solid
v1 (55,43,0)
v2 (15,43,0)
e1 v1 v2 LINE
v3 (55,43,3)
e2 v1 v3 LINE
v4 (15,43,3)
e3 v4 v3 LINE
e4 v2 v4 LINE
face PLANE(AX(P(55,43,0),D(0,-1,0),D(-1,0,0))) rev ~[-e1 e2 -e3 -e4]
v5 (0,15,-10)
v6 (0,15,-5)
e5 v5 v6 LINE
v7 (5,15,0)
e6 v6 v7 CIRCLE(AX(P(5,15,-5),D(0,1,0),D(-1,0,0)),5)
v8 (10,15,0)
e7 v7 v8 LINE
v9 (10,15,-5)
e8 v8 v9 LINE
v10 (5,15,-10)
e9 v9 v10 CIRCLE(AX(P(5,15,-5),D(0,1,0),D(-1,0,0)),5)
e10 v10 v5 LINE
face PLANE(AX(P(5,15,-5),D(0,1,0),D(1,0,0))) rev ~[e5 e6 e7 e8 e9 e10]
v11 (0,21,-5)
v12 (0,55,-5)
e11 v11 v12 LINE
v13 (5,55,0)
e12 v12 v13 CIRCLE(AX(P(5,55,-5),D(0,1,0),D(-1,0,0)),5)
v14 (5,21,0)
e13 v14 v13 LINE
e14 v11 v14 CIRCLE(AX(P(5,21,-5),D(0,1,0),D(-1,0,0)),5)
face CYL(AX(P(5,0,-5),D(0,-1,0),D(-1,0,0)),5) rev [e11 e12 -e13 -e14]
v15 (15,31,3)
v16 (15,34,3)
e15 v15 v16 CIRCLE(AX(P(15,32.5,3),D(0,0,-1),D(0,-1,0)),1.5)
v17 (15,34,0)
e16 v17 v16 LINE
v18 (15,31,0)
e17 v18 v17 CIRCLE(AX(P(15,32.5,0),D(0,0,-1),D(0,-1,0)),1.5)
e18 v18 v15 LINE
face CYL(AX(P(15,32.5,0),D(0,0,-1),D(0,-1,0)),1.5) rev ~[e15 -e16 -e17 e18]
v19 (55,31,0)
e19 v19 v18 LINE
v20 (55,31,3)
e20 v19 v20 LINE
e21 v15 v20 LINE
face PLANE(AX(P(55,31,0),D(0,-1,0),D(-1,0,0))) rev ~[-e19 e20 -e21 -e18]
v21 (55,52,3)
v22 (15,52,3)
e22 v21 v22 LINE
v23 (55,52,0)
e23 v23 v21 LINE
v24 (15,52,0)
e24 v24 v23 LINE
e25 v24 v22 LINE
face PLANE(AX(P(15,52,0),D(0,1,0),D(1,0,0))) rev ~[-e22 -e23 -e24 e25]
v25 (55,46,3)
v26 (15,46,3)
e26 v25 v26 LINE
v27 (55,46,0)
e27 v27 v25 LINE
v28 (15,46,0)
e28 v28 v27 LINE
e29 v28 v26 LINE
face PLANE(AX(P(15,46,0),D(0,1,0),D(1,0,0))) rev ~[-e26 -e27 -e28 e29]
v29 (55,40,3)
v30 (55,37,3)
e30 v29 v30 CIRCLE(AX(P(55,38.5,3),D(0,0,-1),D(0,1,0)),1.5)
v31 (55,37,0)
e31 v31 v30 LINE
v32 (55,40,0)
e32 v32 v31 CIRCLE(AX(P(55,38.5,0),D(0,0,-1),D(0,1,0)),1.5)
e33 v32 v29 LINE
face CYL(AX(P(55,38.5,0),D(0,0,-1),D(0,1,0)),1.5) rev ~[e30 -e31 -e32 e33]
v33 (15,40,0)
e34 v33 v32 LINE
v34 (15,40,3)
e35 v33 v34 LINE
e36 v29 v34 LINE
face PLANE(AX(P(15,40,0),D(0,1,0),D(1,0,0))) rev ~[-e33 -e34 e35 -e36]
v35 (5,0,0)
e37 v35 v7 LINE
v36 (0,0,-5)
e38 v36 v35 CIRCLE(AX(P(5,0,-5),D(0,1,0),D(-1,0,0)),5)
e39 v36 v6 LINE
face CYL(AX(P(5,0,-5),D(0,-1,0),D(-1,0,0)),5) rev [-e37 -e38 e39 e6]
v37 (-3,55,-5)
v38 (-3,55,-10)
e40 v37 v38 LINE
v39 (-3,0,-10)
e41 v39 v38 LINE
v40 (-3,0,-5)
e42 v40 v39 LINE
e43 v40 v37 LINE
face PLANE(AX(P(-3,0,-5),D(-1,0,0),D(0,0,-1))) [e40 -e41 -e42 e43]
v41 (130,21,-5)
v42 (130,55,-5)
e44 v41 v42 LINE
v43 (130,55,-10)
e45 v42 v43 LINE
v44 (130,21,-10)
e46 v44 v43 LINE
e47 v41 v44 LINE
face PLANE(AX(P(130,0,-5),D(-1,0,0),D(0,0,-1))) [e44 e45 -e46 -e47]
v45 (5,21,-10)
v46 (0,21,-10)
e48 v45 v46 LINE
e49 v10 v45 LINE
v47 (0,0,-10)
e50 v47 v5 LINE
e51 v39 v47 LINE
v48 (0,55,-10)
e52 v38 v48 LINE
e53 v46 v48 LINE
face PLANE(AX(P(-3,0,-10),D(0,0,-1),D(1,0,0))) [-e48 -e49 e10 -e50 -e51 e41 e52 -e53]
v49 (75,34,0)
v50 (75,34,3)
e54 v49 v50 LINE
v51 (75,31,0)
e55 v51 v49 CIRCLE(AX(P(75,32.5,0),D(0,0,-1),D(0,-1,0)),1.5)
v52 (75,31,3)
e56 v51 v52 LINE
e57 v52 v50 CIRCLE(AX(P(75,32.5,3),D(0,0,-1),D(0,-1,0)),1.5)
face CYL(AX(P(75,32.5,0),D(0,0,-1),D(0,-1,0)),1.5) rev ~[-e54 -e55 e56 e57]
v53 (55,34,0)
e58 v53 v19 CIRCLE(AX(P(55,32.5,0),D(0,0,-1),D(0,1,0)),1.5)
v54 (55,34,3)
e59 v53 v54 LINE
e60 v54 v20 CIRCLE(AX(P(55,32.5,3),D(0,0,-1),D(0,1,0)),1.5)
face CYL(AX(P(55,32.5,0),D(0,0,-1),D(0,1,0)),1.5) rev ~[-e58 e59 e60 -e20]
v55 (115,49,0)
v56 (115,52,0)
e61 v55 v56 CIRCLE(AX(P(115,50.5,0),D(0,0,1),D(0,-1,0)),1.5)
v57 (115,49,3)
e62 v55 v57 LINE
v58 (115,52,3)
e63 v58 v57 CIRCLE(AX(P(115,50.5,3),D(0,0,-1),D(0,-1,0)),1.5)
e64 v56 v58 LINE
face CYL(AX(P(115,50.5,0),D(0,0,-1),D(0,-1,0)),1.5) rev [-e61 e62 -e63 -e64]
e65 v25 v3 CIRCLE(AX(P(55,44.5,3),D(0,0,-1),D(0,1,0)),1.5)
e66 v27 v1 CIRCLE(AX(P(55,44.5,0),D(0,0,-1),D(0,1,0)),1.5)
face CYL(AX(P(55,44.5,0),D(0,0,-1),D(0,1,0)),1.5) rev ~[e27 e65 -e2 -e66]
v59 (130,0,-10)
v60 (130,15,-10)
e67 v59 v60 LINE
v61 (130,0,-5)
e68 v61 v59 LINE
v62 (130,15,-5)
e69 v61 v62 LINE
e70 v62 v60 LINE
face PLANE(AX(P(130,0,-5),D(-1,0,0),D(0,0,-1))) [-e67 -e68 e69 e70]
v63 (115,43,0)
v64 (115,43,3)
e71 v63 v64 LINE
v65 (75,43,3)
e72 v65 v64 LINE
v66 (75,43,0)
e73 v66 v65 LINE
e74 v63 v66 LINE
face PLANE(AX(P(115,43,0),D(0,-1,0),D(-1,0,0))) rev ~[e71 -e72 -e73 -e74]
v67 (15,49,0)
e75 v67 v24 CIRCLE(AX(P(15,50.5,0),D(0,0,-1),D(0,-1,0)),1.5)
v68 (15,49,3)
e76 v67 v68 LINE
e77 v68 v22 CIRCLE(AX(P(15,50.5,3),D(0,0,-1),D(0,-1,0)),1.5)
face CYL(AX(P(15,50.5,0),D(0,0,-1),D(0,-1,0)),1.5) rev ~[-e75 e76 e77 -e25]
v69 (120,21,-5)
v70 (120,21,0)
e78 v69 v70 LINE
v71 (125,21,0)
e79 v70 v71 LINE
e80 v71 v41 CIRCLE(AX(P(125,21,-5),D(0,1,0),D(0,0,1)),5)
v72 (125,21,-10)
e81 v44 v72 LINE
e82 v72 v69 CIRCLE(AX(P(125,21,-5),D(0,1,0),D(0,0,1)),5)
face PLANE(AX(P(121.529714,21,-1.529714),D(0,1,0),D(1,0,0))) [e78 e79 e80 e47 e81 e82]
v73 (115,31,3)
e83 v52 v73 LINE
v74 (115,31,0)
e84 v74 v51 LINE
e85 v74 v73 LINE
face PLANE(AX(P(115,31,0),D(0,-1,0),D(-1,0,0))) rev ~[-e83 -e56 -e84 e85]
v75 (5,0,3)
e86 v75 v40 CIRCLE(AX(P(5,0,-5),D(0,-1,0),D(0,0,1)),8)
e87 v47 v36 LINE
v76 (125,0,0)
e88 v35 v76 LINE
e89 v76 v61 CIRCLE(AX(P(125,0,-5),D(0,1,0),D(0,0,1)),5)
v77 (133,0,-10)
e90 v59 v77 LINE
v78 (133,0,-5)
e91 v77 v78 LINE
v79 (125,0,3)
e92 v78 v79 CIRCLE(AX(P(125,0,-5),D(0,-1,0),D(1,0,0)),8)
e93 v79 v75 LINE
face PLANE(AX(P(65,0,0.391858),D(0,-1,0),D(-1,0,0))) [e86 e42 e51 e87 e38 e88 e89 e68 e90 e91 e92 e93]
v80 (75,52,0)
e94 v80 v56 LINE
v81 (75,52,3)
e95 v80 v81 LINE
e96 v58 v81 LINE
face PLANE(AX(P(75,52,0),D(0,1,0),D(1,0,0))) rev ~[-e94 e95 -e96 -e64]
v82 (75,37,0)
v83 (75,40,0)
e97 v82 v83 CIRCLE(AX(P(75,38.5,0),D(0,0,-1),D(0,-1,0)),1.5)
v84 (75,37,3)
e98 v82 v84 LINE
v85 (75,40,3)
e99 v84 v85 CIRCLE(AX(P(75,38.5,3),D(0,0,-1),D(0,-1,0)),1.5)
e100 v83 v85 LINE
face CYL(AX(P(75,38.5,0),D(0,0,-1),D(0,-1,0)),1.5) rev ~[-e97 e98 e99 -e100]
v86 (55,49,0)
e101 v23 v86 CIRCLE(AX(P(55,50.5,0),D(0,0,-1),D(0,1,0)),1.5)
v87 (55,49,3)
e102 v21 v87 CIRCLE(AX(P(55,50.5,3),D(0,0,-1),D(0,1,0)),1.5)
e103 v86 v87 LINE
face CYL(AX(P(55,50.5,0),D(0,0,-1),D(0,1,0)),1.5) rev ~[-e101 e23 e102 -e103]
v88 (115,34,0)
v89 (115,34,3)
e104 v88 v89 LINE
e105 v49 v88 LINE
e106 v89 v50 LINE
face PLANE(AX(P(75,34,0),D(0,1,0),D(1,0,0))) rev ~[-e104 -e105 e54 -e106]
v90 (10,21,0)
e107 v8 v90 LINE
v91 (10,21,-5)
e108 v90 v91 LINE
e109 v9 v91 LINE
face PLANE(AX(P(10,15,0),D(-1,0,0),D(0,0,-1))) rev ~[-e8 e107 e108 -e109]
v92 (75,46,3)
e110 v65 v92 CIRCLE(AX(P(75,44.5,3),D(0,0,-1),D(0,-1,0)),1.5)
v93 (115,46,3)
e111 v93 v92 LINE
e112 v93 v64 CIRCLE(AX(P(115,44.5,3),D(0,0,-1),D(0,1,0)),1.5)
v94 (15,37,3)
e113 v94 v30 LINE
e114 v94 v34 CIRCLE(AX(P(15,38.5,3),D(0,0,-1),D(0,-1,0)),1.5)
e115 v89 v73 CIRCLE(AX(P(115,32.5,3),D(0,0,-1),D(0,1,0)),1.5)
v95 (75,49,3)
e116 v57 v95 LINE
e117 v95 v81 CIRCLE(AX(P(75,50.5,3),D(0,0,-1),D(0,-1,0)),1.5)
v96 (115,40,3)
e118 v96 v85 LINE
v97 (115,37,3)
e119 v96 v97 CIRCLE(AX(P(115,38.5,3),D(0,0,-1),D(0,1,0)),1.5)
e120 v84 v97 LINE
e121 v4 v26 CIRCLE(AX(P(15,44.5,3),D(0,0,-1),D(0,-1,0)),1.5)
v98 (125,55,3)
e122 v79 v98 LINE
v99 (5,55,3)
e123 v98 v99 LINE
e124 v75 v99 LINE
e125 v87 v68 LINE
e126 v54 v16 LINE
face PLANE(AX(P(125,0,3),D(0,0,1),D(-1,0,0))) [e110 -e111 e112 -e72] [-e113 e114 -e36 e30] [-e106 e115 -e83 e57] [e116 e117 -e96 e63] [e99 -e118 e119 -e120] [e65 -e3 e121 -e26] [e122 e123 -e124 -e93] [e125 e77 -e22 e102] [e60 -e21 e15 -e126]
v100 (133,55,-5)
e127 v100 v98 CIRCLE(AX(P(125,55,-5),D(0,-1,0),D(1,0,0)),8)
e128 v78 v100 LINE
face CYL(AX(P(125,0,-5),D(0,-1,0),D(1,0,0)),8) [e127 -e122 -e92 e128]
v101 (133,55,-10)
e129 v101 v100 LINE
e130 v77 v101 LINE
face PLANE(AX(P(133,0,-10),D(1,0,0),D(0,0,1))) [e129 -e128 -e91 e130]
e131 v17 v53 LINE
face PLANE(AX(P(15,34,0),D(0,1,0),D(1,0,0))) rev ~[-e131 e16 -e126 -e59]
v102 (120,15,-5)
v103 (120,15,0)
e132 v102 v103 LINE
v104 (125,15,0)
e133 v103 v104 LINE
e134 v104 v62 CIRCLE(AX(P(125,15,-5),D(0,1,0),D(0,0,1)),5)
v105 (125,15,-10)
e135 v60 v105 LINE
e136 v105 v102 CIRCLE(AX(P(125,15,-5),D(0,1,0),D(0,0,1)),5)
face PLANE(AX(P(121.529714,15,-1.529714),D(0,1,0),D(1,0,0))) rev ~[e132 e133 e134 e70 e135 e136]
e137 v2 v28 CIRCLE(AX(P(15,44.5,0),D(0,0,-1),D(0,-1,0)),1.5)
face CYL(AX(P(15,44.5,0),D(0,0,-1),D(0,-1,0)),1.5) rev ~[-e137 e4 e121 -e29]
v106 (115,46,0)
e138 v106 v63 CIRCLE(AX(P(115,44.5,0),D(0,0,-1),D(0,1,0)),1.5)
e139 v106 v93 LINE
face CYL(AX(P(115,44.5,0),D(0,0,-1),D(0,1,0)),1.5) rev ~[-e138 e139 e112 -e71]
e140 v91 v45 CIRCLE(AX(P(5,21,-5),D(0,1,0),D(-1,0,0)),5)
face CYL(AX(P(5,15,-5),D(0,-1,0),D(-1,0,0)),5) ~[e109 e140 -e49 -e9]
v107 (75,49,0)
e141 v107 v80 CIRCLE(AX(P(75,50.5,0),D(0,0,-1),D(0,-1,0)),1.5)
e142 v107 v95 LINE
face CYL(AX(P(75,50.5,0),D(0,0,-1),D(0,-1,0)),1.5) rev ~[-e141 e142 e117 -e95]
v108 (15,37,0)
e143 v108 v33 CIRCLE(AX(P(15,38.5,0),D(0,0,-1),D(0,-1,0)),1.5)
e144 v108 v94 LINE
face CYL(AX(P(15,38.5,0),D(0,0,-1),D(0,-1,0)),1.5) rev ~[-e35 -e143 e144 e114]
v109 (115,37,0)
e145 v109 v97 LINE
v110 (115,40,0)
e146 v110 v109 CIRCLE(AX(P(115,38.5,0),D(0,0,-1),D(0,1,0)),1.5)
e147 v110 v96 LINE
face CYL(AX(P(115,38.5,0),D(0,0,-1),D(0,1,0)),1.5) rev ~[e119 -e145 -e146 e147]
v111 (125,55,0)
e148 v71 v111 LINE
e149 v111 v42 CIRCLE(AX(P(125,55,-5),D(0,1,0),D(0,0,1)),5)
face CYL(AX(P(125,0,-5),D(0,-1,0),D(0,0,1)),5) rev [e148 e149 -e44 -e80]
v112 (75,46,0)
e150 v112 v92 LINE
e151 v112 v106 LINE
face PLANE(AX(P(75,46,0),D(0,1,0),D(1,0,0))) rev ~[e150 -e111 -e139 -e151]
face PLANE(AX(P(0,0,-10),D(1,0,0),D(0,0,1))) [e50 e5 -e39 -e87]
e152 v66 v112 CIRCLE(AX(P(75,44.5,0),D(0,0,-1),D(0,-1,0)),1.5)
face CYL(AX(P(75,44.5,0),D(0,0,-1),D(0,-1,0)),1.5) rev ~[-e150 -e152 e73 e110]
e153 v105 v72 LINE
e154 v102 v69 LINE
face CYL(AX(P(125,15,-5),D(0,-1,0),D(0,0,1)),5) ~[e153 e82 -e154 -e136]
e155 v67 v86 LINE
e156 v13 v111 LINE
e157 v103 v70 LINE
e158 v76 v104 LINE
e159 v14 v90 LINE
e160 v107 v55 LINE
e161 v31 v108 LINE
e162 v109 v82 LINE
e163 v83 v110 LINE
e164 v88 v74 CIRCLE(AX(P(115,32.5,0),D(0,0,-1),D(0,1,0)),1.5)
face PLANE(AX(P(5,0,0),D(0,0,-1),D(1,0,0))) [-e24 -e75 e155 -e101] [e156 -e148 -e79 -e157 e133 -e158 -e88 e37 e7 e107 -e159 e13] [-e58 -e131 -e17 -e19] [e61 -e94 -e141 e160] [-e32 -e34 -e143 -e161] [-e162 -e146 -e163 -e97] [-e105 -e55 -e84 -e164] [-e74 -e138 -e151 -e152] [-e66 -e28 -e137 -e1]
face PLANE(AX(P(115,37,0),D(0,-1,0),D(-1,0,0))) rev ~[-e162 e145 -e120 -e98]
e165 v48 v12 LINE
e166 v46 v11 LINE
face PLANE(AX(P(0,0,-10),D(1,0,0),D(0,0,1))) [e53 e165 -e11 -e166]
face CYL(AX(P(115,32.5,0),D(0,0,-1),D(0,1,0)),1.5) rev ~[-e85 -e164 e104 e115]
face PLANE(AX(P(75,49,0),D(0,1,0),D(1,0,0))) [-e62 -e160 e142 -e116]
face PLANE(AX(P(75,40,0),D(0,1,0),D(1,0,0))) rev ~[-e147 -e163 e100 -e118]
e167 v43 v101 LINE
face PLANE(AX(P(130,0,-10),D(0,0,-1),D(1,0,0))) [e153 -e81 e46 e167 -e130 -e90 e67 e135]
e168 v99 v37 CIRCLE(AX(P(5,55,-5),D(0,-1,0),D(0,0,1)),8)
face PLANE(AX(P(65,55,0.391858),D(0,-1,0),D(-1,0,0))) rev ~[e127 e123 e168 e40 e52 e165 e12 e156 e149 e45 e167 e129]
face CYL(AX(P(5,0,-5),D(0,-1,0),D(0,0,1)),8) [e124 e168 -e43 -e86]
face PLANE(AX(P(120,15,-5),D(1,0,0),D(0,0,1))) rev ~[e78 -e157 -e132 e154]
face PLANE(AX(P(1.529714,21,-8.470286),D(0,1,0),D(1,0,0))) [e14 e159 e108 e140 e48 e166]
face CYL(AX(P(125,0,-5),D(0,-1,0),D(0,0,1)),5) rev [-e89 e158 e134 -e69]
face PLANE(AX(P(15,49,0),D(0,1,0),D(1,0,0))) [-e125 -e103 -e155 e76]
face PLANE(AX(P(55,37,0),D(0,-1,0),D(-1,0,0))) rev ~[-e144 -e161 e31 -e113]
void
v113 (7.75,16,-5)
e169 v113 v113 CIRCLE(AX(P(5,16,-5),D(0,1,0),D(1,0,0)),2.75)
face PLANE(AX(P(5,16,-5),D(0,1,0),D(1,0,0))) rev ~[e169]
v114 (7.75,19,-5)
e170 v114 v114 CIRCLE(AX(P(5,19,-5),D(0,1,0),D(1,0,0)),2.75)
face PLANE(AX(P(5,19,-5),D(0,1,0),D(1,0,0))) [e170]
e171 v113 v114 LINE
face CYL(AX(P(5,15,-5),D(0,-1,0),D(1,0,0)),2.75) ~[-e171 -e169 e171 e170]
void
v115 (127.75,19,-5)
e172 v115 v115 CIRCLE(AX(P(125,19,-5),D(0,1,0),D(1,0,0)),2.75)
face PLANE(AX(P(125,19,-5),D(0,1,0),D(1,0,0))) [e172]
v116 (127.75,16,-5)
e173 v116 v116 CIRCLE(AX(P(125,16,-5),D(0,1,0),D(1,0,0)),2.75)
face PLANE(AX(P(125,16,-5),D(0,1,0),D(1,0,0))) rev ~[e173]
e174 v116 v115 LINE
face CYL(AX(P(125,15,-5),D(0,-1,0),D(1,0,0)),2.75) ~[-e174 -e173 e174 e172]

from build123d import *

# Parameters (mm, degrees)
BOSS_EXTRUDE1_DEPTH = 55
BOSS_EXTRUDE2_START = 15
SKETCH2_R           = 5
SKETCH2_R_2         = 2.75
BOSS_EXTRUDE2_DEPTH = 6
CUT_EXTRUDE1_START  = 15
SKETCH2_4_R         = 2.75
CUT_EXTRUDE1_DEPTH  = 4
SKETCH3_W           = 40
SKETCH3_H           = 3
CUT_EXTRUDE2_DEPTH  = 10
BOSS_EXTRUDE3_START = 15
SKETCH2_5_R         = 2.75
BOSS_EXTRUDE3_DEPTH = 1


with BuildPart() as part:
    # Sketch1 → Boss-Extrude1 (new body)
    with BuildSketch(Plane(origin=(0, 0, 0), x_dir=(1, 0, 0), z_dir=(0, 1, 0))):
        with BuildLine():
            Line((-3, 5), (-3, 10))
            Line((-3, 10), (0, 10))
            Line((0, 10), (0, 5))
            ThreePointArc((0, 5), (1.464466094, 1.464466094), (5, 0))
            Line((5, 0), (125, 0))
            ThreePointArc((125, 0), (128.535533906, 1.464466094), (130, 5))
            Line((130, 5), (130, 10))
            Line((130, 10), (133, 10))
            Line((133, 10), (133, 5))
            ThreePointArc((133, 5), (130.656854249, -0.656854249), (125, -3))
            Line((125, -3), (5, -3))
            ThreePointArc((5, -3), (-0.656854249, -0.656854249), (-3, 5))
        make_face()
    extrude(amount=BOSS_EXTRUDE1_DEPTH)

    # Sketch2 → Boss-Extrude2 (add)
    with BuildSketch(Plane(origin=(0, 0, 0), x_dir=(1, 0, 0), z_dir=(0, 1, 0)).offset(BOSS_EXTRUDE2_START)):
        with BuildLine():
            Line((5, 10), (0, 10))
            Line((0, 10), (0, 5))
            ThreePointArc((0, 5), (1.464466094, 8.535533906), (5, 10))
        make_face()
        with Locations((5, 5)):
            Circle(SKETCH2_R)
        with Locations((5, 5)):
            Circle(SKETCH2_R_2, mode=Mode.SUBTRACT)
        with BuildLine():
            Line((10, 0), (10, 5))
            ThreePointArc((10, 5), (8.535533906, 1.464466094), (5, 0))
            Line((5, 0), (10, 0))
        make_face()
        with BuildLine():
            Line((120, 5), (120, 0))
            Line((120, 0), (125, 0))
            ThreePointArc((125, 0), (121.464466094, 1.464466094), (120, 5))
        make_face()
        with Locations((125, 5)):
            Circle(SKETCH2_R)
        with Locations((125, 5)):
            Circle(SKETCH2_R_2, mode=Mode.SUBTRACT)
        with Locations((125, 5)):
            Circle(SKETCH2_R_2)
        with BuildLine():
            ThreePointArc((125, 10), (128.535533906, 8.535533906), (130, 5))
            Line((130, 5), (130, 10))
            Line((130, 10), (125, 10))
        make_face()
        with Locations((5, 5)):
            Circle(SKETCH2_R_2)
    extrude(amount=BOSS_EXTRUDE2_DEPTH)

    # Sketch2<4> → Cut-Extrude1 (cut)
    with BuildSketch(Plane(origin=(0, 0, 0), x_dir=(1, 0, 0), z_dir=(0, 1, 0)).offset(CUT_EXTRUDE1_START)):
        with Locations((5, 5)):
            Circle(SKETCH2_4_R)
        with Locations((125, 5)):
            Circle(SKETCH2_4_R)
    extrude(amount=CUT_EXTRUDE1_DEPTH, mode=Mode.SUBTRACT)

    # Sketch3 → Cut-Extrude2 (cut)
    with BuildSketch(Plane.XY):
        with BuildLine():
            ThreePointArc((55, 40), (56.5, 38.5), (55, 37))
            Line((55, 37), (15, 37))
            ThreePointArc((15, 37), (13.5, 38.5), (15, 40))
            Line((15, 40), (55, 40))
        make_face()
        with BuildLine():
            ThreePointArc((55, 46), (56.5, 44.5), (55, 43))
            Line((55, 43), (15, 43))
            ThreePointArc((15, 43), (13.5, 44.5), (15, 46))
            Line((15, 46), (55, 46))
        make_face()
        with BuildLine():
            Line((115, 37), (75, 37))
            ThreePointArc((75, 37), (73.5, 38.5), (75, 40))
            Line((75, 40), (115, 40))
            ThreePointArc((115, 40), (116.5, 38.5), (115, 37))
        make_face()
        with BuildLine():
            Line((115, 43), (75, 43))
            ThreePointArc((75, 43), (73.5, 44.5), (75, 46))
            Line((75, 46), (115, 46))
            ThreePointArc((115, 46), (116.5, 44.5), (115, 43))
        make_face()
        with Locations((95, 50.5)):
            Rectangle(SKETCH3_W, SKETCH3_H)
        with Locations((35, 50.5)):
            Rectangle(SKETCH3_W, SKETCH3_H)
        with BuildLine():
            ThreePointArc((15, 49), (13.5, 50.5), (15, 52))
            Line((15, 52), (15, 49))
        make_face()
        with BuildLine():
            ThreePointArc((55, 52), (56.5, 50.5), (55, 49))
            Line((55, 49), (55, 52))
        make_face()
        with BuildLine():
            Line((75, 52), (75, 49))
            ThreePointArc((75, 49), (73.5, 50.5), (75, 52))
        make_face()
        with BuildLine():
            Line((115, 52), (115, 49))
            ThreePointArc((115, 49), (116.5, 50.5), (115, 52))
        make_face()
        with BuildLine():
            ThreePointArc((55, 34), (56.5, 32.5), (55, 31))
            Line((55, 31), (15, 31))
            ThreePointArc((15, 31), (13.5, 32.5), (15, 34))
            Line((15, 34), (55, 34))
        make_face()
        with BuildLine():
            Line((115, 31), (75, 31))
            ThreePointArc((75, 31), (73.5, 32.5), (75, 34))
            Line((75, 34), (115, 34))
            ThreePointArc((115, 34), (116.5, 32.5), (115, 31))
        make_face()
    extrude(amount=CUT_EXTRUDE2_DEPTH, mode=Mode.SUBTRACT)

    # Sketch2<5> → Boss-Extrude3 (add)
    with BuildSketch(Plane(origin=(0, 0, 0), x_dir=(1, 0, 0), z_dir=(0, 1, 0)).offset(BOSS_EXTRUDE3_START)):
        with Locations((5, 5)):
            Circle(SKETCH2_5_R)
        with Locations((125, 5)):
            Circle(SKETCH2_5_R)
    extrude(amount=BOSS_EXTRUDE3_DEPTH)


solid = part.part
